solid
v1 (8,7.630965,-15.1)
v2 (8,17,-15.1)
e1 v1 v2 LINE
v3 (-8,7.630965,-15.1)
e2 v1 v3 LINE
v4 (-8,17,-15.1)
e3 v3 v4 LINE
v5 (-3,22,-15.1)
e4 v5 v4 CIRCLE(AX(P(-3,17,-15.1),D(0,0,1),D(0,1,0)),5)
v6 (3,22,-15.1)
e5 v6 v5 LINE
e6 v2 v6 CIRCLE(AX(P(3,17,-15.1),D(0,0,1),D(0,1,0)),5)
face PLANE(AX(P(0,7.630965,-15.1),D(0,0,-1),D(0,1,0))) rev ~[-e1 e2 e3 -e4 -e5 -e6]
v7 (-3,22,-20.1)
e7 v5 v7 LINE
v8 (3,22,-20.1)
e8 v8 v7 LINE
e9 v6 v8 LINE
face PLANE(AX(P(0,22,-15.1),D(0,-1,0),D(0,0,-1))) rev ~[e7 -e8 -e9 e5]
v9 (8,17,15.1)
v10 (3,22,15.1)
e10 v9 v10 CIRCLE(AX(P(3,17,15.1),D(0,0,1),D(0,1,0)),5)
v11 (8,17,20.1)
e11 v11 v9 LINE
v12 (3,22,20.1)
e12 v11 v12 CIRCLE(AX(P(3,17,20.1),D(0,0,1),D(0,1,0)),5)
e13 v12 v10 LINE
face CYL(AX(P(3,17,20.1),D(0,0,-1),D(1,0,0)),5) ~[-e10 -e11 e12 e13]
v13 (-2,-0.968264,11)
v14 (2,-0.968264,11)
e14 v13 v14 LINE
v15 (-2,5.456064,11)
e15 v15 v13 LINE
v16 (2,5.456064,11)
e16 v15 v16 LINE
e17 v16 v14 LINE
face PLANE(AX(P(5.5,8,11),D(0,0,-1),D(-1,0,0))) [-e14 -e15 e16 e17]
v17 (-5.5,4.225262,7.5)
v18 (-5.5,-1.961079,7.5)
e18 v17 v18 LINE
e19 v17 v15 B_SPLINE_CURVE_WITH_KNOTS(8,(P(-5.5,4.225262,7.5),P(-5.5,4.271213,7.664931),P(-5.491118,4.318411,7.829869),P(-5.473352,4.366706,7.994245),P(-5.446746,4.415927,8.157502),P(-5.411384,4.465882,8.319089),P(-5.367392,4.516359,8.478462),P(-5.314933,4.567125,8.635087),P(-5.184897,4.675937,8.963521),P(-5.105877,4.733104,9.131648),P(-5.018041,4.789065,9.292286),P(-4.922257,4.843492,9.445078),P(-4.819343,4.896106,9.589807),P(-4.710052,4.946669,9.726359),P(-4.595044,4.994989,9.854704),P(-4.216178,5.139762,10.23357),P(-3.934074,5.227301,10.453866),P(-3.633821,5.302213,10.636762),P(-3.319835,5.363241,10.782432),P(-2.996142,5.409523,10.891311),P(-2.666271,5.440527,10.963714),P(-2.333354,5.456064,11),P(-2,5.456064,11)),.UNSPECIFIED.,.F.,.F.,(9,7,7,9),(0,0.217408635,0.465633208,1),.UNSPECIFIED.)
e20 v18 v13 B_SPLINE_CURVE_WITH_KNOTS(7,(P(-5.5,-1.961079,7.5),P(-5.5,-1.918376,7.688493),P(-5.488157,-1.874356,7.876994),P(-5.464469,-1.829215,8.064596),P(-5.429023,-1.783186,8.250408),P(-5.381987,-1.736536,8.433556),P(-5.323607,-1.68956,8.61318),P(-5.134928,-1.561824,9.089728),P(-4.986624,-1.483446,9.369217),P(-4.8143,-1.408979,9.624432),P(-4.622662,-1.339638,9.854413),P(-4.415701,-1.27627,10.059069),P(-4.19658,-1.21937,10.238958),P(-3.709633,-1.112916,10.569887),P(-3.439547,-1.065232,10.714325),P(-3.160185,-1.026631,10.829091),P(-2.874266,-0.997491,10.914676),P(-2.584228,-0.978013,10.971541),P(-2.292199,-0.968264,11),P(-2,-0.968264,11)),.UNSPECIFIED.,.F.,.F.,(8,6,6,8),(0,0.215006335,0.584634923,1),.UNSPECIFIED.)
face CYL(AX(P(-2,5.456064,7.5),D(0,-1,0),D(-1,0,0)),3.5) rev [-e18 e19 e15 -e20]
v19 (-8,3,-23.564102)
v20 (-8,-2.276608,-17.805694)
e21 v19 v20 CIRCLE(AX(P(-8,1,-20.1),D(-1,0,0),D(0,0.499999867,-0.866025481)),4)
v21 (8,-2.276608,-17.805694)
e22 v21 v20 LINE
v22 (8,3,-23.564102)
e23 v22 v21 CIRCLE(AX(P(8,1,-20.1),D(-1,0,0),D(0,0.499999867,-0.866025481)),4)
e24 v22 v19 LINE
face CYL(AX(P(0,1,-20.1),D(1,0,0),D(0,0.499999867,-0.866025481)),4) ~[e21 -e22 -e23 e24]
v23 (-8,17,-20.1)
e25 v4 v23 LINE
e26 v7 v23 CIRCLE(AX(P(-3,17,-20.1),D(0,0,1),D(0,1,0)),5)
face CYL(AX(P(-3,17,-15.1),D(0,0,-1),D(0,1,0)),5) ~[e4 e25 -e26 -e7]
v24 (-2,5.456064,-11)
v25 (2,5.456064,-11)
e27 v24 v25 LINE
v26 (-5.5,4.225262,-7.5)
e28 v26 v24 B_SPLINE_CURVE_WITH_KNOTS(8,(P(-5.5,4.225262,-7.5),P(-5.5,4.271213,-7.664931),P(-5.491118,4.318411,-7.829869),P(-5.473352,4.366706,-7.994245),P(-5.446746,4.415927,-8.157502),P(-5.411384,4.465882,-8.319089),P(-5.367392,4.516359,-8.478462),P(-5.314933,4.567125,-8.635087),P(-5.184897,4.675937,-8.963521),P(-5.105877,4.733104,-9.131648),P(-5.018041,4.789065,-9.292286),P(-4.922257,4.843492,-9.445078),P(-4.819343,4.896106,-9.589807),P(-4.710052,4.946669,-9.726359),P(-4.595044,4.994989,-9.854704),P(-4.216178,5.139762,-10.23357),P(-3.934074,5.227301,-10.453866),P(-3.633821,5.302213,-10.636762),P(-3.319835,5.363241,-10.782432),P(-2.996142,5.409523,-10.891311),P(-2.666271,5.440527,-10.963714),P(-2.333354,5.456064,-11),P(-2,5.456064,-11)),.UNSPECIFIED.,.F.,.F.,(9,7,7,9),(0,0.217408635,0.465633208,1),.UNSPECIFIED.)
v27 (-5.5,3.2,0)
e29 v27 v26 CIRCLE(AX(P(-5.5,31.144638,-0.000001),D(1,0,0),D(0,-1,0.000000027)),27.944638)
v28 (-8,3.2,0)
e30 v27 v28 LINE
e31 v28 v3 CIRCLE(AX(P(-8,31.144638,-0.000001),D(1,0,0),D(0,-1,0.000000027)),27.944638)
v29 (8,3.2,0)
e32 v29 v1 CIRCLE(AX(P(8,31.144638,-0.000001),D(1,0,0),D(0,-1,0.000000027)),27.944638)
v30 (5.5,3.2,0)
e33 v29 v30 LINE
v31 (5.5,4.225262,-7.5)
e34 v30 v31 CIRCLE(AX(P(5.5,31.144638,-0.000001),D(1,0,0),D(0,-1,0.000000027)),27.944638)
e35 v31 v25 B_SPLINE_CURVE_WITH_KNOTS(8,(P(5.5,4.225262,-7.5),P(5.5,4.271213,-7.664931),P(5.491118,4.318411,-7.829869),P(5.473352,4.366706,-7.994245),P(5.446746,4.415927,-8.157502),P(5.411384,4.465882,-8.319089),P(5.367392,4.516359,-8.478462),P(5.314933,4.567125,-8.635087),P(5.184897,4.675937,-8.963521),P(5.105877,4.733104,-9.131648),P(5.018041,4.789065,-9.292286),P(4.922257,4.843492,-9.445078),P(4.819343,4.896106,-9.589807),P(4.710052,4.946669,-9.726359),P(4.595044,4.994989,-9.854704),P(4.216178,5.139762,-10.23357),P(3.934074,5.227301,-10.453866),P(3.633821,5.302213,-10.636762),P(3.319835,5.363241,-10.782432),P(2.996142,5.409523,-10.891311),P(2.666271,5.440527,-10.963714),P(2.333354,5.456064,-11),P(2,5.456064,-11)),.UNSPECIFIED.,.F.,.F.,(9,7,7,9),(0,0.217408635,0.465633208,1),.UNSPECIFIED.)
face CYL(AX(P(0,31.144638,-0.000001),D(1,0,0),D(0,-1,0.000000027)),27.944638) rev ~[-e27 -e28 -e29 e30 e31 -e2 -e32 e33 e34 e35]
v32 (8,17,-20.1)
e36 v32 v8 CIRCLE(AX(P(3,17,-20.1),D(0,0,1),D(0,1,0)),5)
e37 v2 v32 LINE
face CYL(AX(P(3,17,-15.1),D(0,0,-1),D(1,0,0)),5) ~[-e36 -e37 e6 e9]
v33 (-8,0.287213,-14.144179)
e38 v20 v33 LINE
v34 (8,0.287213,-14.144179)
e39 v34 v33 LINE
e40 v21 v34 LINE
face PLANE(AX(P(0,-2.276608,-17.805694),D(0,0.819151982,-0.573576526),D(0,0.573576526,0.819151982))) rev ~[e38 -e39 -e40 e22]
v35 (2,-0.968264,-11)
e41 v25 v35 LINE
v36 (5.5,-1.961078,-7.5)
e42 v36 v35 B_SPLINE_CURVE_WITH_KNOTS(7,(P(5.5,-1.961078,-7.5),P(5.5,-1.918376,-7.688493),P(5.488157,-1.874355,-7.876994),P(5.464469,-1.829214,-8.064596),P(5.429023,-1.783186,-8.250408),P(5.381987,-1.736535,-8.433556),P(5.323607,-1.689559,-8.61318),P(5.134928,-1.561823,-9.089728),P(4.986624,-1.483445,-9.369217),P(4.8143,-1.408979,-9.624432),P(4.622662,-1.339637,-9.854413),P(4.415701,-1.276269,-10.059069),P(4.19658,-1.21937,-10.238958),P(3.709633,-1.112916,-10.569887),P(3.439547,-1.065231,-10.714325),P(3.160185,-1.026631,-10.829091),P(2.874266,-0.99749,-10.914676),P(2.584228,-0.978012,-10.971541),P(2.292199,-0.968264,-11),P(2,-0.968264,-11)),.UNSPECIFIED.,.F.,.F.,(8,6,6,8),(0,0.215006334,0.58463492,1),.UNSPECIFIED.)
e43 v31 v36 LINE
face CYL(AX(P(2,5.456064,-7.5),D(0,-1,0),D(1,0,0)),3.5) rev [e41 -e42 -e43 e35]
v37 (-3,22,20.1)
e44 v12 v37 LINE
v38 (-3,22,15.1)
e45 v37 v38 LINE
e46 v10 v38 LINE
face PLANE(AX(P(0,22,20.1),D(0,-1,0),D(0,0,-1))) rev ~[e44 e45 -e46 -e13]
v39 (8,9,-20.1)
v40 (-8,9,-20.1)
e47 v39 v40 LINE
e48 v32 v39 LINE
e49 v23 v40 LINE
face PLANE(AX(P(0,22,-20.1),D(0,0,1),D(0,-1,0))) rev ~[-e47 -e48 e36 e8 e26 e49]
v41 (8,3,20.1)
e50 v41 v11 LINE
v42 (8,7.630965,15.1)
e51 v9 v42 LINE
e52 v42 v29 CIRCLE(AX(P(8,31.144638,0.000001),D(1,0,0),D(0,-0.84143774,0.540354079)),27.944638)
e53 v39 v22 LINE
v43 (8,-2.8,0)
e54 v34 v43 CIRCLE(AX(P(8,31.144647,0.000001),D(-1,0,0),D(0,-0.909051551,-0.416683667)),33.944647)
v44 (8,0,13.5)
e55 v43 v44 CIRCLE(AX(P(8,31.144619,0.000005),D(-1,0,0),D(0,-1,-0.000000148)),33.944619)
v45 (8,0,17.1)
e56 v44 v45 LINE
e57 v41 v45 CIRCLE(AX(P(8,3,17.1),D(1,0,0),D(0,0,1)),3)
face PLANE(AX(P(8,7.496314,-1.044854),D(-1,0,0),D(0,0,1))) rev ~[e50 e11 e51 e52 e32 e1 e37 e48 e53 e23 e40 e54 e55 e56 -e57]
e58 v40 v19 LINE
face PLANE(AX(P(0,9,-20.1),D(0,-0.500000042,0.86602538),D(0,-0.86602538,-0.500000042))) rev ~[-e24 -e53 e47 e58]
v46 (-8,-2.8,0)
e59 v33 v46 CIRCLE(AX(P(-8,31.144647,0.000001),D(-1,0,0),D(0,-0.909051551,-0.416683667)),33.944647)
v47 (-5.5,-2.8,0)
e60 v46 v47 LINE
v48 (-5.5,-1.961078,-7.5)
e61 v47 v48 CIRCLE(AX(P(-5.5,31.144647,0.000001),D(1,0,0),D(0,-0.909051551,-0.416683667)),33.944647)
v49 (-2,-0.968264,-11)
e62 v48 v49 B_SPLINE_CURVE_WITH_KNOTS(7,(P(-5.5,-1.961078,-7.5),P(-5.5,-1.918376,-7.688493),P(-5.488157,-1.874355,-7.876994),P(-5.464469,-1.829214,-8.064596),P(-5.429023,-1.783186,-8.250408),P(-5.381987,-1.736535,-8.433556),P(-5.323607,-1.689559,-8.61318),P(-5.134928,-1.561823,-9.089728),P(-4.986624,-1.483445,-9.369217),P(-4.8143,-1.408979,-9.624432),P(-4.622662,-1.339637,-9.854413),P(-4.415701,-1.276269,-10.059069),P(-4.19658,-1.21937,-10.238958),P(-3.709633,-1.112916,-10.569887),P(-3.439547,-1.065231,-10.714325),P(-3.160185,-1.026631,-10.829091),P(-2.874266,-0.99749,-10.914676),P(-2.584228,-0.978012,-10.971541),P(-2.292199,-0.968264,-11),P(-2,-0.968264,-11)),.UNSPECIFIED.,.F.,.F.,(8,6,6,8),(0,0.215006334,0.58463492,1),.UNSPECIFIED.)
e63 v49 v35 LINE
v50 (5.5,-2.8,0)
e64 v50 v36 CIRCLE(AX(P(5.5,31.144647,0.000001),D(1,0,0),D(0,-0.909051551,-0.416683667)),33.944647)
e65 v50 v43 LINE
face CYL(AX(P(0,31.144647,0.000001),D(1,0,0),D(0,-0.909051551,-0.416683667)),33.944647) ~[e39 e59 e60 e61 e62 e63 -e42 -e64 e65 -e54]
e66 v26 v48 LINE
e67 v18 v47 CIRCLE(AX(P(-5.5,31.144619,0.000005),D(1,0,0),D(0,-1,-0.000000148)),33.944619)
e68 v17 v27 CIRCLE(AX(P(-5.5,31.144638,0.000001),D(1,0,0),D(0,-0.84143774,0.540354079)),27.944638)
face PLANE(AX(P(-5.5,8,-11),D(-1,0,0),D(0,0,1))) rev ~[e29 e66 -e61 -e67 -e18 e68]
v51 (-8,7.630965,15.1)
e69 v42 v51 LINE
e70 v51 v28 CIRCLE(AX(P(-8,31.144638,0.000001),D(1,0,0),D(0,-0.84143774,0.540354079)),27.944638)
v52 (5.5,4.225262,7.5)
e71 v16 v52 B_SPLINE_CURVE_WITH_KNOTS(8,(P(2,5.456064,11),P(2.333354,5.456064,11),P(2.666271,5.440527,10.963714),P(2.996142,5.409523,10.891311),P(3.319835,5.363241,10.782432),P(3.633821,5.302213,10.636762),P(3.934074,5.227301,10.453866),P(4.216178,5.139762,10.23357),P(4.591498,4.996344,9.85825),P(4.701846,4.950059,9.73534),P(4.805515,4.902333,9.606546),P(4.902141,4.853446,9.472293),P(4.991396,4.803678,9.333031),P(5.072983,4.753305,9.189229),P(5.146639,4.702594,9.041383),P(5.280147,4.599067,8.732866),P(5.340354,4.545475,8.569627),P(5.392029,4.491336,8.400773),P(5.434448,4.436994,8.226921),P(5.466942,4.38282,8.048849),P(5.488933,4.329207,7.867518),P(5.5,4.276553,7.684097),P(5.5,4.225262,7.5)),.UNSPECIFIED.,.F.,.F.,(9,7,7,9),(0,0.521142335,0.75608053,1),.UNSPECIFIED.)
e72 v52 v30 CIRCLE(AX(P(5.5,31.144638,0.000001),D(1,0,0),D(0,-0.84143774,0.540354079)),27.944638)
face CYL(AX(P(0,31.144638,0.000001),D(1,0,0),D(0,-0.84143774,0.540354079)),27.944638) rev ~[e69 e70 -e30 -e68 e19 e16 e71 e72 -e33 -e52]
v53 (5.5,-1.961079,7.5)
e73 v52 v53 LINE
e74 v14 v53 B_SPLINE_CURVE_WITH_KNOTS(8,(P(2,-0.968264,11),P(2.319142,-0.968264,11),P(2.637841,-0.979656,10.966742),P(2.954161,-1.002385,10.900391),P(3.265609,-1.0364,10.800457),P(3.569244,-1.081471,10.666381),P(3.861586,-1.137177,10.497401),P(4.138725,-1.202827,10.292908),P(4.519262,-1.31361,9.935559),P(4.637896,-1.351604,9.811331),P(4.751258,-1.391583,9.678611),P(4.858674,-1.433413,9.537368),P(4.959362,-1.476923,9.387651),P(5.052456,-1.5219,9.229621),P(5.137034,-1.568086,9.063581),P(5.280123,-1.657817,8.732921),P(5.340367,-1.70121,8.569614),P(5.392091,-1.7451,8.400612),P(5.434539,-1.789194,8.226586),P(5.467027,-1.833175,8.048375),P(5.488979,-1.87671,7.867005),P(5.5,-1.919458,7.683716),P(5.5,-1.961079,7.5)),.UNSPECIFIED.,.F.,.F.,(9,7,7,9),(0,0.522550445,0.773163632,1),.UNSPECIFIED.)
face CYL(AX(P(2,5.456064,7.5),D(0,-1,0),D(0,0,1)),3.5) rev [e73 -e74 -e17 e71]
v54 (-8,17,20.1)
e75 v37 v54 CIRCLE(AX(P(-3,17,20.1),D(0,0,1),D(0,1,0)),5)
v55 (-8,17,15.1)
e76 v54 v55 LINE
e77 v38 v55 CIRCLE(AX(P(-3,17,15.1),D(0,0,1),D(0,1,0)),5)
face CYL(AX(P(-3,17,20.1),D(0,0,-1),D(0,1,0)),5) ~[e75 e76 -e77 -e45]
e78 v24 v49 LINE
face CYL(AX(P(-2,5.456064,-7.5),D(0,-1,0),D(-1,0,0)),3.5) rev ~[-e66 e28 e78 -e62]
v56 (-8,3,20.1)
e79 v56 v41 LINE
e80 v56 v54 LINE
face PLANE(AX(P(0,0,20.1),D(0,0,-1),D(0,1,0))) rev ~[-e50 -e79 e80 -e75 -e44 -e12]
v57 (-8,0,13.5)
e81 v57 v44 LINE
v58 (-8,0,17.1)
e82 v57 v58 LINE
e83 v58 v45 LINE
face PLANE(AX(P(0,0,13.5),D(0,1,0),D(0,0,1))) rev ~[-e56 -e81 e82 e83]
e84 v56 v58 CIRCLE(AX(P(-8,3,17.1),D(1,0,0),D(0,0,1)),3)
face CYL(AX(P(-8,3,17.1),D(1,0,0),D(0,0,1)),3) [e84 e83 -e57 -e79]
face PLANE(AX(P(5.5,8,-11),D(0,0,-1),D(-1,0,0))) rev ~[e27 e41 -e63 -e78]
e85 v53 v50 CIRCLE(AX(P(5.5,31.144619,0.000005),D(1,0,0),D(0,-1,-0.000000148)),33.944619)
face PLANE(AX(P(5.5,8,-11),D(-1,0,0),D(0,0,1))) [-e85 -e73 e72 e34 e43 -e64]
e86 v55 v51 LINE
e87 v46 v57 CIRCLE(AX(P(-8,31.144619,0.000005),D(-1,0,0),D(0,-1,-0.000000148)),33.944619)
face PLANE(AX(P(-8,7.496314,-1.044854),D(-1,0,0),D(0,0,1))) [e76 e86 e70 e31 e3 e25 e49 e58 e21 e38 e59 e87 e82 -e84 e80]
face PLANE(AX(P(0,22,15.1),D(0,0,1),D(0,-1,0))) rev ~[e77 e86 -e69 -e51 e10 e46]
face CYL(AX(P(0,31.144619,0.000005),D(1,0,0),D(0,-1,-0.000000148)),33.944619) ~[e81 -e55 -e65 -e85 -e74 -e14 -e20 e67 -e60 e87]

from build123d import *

# Parameters (mm, degrees)
VYSUNOUT1_DEPTH          = 8
ZAOBLIT1_R               = 5
ZAOBLIT2_R               = 3
SKICA2_W                 = 11
SKICA2_H                 = 22
ODEBRAT_VYSUNUT_M1_DEPTH = 12
ZAOBLIT3_R               = 3.5


with BuildPart() as part:
    # Skica1 → Vysunout1 (new body, symmetric)
    with BuildSketch(Plane(origin=(0, 0, 0), x_dir=(0, 0, -1), z_dir=(1, 0, 0))):
        with BuildLine():
            Line((-20.1, 0), (-20.1, 22))
            Line((-20.1, 22), (-15.1, 22))
            Line((-15.1, 22), (-15.1, 7.630965))
            ThreePointArc((-15.1, 7.630965), (-7.868346, 4.330613), (0, 3.2))
            ThreePointArc((0, 3.2), (7.868346, 4.330613), (15.1, 7.630965))
            Line((15.1, 7.630965), (15.1, 22))
            Line((15.1, 22), (20.1, 22))
            Line((20.1, 22), (20.1, 9))
            Line((20.1, 9), (23.564102, 3))
            ThreePointArc((23.564102, 3), (22.802361, -1.949109), (17.805694, -2.276608))
            Line((17.805694, -2.276608), (14.144179, 0.287213))
            ThreePointArc((14.144179, 0.287213), (7.238589, -2.019217), (0, -2.8))
            ThreePointArc((0, -2.8), (-6.893657, -2.09263), (-13.5, 0))
            Line((-13.5, 0), (-20.1, 0))
        make_face()
    extrude(amount=VYSUNOUT1_DEPTH, both=True)

    # Zaoblit1
    zaoblit1_edges = [part.edges().sort_by_distance(p)[0] for p in [
        (-8, 22, 17.6),
        (-8, 22, -17.6),
        (8, 22, -17.6),
        (8, 22, 17.6),
    ]]
    fillet(zaoblit1_edges, radius=ZAOBLIT1_R)

    # Zaoblit2
    zaoblit2_edges = [part.edges().sort_by_distance(p)[0] for p in [
        (-4, 0, 20.1),
    ]]
    fillet(zaoblit2_edges, radius=ZAOBLIT2_R)

    # Skica2 → Odebrat vysunutím1 (cut, through all)
    with BuildSketch(Plane(origin=(0, 8, 0), x_dir=(-1, 0, 0), z_dir=(0, 1, 0))):
        Rectangle(SKICA2_W, SKICA2_H)
    extrude(amount=-ODEBRAT_VYSUNUT_M1_DEPTH, mode=Mode.SUBTRACT)

    # Zaoblit3
    zaoblit3_edges = [part.edges().sort_by_distance(p)[0] for p in [
        (-5.5, 2.2439, -11),
        (5.5, 2.2439, -11),
        (5.5, 2.2439, 11),
        (-5.5, 2.2439, 11),
    ]]
    fillet(zaoblit3_edges, radius=ZAOBLIT3_R)


solid = part.part
